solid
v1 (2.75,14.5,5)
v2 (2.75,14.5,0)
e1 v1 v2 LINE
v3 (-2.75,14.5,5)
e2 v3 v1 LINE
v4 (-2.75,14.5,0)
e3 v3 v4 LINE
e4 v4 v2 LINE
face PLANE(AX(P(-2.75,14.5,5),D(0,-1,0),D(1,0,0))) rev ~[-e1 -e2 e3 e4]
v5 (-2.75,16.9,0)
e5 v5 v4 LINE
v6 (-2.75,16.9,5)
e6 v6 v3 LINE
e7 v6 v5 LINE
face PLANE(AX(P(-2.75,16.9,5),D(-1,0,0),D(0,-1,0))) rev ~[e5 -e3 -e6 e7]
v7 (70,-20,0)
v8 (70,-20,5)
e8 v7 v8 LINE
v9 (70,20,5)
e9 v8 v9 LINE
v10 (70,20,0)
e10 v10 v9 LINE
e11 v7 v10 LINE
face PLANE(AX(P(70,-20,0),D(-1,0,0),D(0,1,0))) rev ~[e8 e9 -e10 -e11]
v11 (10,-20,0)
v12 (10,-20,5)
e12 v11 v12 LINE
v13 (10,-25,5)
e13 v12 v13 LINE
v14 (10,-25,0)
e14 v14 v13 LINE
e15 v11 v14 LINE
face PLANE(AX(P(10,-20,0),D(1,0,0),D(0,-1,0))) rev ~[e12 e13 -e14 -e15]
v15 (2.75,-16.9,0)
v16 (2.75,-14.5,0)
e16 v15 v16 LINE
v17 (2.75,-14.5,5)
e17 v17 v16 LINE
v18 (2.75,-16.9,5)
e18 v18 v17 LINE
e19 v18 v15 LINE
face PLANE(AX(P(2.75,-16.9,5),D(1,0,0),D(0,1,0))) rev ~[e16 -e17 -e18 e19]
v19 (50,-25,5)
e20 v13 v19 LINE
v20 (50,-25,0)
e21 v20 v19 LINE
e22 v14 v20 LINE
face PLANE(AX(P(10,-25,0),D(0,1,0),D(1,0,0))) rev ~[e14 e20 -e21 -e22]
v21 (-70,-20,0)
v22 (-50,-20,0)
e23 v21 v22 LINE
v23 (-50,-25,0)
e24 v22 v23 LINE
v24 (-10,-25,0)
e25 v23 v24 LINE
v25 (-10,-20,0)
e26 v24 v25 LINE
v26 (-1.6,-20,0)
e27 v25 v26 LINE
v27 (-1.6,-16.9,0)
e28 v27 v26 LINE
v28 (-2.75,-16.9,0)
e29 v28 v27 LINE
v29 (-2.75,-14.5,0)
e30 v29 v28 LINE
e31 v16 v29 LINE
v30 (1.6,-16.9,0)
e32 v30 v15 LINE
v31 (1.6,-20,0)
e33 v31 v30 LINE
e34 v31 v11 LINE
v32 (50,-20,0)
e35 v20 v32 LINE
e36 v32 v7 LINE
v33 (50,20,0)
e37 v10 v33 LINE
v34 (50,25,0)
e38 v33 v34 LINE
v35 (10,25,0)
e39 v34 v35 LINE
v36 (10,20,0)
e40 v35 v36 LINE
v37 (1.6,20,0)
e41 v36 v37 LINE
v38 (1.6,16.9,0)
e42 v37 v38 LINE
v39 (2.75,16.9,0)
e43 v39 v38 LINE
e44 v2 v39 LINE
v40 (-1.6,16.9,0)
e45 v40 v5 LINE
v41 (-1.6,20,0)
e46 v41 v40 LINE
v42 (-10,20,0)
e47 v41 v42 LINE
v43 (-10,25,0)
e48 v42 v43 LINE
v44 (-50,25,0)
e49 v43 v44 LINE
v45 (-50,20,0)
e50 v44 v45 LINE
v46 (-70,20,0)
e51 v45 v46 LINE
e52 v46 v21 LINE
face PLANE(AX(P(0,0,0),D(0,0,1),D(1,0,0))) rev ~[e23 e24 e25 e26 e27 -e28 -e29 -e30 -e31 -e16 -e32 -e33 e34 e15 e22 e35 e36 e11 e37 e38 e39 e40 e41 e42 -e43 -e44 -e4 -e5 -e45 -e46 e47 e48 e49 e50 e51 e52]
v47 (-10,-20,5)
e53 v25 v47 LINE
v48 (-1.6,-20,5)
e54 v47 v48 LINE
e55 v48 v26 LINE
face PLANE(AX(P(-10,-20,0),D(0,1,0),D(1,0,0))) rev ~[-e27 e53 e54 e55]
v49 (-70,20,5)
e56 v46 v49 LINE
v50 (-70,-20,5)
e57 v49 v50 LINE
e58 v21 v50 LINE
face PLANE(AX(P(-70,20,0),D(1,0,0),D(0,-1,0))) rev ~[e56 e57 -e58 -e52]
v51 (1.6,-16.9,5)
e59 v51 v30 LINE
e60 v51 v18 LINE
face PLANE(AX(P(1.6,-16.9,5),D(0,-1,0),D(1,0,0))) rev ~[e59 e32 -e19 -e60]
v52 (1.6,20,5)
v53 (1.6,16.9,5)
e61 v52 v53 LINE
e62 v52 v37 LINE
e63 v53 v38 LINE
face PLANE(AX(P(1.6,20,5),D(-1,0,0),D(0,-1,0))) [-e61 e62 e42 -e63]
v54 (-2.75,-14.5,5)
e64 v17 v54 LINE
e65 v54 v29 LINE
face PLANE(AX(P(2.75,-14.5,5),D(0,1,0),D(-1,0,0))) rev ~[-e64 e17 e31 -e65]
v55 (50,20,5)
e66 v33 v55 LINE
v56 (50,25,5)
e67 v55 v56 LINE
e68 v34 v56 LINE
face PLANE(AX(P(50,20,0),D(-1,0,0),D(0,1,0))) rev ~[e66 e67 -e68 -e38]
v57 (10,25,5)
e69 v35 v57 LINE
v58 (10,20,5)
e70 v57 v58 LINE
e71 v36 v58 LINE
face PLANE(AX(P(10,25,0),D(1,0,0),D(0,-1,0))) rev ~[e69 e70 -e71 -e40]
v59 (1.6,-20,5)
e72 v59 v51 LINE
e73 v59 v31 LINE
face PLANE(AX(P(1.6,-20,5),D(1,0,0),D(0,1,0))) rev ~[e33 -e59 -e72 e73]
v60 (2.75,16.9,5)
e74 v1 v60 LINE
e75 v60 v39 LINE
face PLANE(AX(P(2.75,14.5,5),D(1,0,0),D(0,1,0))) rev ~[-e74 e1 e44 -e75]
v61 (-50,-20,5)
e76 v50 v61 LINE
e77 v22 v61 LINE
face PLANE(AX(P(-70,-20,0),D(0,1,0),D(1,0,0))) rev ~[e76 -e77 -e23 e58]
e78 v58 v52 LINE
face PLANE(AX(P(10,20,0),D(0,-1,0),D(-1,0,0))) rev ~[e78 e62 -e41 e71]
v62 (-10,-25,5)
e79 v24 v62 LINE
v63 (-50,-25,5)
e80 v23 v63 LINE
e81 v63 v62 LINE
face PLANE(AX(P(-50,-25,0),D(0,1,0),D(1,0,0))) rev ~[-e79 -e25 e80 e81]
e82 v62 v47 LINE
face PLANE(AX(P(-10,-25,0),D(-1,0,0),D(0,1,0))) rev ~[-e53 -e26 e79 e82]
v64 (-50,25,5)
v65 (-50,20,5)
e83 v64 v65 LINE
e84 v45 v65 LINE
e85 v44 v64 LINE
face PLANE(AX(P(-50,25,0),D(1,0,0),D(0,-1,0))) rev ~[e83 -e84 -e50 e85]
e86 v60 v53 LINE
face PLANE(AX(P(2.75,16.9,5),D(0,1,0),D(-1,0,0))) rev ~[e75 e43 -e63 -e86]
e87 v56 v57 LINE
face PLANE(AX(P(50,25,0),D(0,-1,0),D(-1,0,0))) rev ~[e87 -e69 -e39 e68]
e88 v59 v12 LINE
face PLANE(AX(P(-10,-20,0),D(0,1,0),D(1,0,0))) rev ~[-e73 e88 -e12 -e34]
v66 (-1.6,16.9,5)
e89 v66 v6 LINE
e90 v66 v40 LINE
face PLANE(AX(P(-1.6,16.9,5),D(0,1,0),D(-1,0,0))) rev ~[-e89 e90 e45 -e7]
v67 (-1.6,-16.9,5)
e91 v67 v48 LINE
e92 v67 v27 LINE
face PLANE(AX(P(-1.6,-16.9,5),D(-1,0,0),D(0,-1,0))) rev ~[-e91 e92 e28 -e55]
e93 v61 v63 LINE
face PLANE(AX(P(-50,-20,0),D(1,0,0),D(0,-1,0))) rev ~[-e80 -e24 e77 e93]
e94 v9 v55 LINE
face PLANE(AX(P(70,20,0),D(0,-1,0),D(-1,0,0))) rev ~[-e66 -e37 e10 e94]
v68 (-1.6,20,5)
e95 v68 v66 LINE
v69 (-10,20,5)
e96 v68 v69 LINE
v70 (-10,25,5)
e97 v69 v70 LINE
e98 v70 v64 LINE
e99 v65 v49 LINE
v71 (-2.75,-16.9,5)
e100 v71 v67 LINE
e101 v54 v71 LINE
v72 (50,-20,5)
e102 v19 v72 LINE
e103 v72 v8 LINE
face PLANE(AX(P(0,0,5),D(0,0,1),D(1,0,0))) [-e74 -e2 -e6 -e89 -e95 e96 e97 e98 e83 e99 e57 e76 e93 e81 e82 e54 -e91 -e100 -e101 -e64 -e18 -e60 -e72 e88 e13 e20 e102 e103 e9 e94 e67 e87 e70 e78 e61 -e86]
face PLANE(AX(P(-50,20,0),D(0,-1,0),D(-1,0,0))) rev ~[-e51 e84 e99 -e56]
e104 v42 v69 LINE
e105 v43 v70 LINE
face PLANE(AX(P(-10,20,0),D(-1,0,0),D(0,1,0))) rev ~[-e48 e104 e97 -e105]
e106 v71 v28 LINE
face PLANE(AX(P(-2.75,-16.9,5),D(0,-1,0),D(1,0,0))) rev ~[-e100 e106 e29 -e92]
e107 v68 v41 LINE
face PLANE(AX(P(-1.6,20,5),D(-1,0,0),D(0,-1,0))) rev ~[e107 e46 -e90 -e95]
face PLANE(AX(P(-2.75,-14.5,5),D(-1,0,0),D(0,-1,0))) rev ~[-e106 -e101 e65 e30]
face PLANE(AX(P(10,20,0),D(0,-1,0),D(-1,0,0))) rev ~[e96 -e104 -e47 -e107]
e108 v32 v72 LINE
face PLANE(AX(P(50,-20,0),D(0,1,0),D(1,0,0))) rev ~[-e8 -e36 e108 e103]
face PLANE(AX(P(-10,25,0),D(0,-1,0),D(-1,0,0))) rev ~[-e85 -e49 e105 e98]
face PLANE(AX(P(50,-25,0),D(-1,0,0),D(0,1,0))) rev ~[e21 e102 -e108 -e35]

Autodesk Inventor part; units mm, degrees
ref_plane "YZ Plane" through (0, 0, 0) normal (1, 0, 0) x (0, 1, 0)
ref_plane "XZ Plane" through (0, 0, 0) normal (0, 1, 0) x (-1, 0, 0)
ref_plane "XY Plane" through (0, 0, 0) normal (0, 0, 1) x (1, 0, 0)
sketch "Sketch2" plane through (0, 0, 0) normal (0, 0, 1) x (1, 0, 0)
  line L0 (-70, 20) -> (-70, -20)
  line L1 (-70, -20) -> (-50, -20)
  line L2 (-50, -20) -> (-50, -25)
  line L3 (-50, -25) -> (-10, -25)
  line L4 (-10, -25) -> (-10, -20)
  line L5 (-10, -20) -> (10, -20)
  line L6 (10, -20) -> (10, -25)
  line L7 (10, -25) -> (50, -25)
  line L8 (50, -25) -> (50, -20)
  line L9 (50, -20) -> (70, -20)
  line L10 (70, -20) -> (70, 20)
  line L11 (70, 20) -> (50, 20)
  line L12 (50, 20) -> (50, 25)
  line L13 (50, 25) -> (10, 25)
  line L14 (10, 25) -> (10, 20)
  line L15 (10, 20) -> (-10, 20)
  line L16 (-10, 20) -> (-10, 25)
  line L17 (-10, 25) -> (-50, 25)
  line L18 (-50, 25) -> (-50, 20)
  line L19 (-50, 20) -> (-70, 20)
  point P0 (0, 0)
  point P1 (0, 20)
  point P2 (0, -20)
  point P3 (-70, 0)
  point P4 (70, 0)
  dimension "d11" = 5
  dimension "d12" = 40
  dimension "d13" = 20
  dimension "d14" = 40
  dimension "d15" = 140
  dimension "d16" = 40
  dimension "d17" = 5
  dimension "d18" = 70
extrude "Extrusion1" add sketch "Sketch2" along normal blind 5
sketch "Sketch3" plane through (0, 0, 5) normal (0, 0, 1) x (1, 0, 0)
  line L0 (10, 20) -> (-10, 20) projected
  line L1 (-10, -20) -> (10, -20) projected
  line L2 (1.6, 20) -> (-1.6, 20)
  line L3 (-1.6, 20) -> (-1.6, 16.9)
  line L4 (-1.6, 16.9) -> (-2.75, 16.9)
  line L5 (-2.75, 16.9) -> (-2.75, 14.5)
  line L6 (-2.75, 14.5) -> (2.75, 14.5)
  line L7 (2.75, 14.5) -> (2.75, 16.9)
  line L8 (2.75, 16.9) -> (1.6, 16.9)
  line L9 (1.6, 20) -> (1.6, 16.9)
  line L10 (-1.6, -20) -> (1.6, -20)
  line L11 (1.6, -20) -> (1.6, -16.9)
  line L12 (1.6, -16.9) -> (2.75, -16.9)
  line L13 (2.75, -16.9) -> (2.75, -14.5)
  line L14 (2.75, -14.5) -> (-2.75, -14.5)
  line L15 (-2.75, -14.5) -> (-2.75, -16.9)
  line L16 (-2.75, -16.9) -> (-1.6, -16.9)
  line L17 (-1.6, -16.9) -> (-1.6, -20)
  point P0 (0, 0)
  point P1 (0, 20)
  point P2 (0, 14.5)
  point P3 (0, -20)
  point P4 (0, -14.5)
  point P5 (0, 20)
  dimension "d21" = 3.2
  dimension "d22" = 2.4
  dimension "d23" = 2.4
  dimension "d24" = 3.2
  dimension "d25" = 5.5
  dimension "d26" = 5.5
  dimension "d27" = 5.5
  dimension "d28" = 5.5
extrude "Extrusion2" cut sketch "Sketch3" against normal blind 5
equation "\"d18\" = 0.5 * d15"
properties part number "Interrupter_Side" material "Polycarbonate, Clear"
